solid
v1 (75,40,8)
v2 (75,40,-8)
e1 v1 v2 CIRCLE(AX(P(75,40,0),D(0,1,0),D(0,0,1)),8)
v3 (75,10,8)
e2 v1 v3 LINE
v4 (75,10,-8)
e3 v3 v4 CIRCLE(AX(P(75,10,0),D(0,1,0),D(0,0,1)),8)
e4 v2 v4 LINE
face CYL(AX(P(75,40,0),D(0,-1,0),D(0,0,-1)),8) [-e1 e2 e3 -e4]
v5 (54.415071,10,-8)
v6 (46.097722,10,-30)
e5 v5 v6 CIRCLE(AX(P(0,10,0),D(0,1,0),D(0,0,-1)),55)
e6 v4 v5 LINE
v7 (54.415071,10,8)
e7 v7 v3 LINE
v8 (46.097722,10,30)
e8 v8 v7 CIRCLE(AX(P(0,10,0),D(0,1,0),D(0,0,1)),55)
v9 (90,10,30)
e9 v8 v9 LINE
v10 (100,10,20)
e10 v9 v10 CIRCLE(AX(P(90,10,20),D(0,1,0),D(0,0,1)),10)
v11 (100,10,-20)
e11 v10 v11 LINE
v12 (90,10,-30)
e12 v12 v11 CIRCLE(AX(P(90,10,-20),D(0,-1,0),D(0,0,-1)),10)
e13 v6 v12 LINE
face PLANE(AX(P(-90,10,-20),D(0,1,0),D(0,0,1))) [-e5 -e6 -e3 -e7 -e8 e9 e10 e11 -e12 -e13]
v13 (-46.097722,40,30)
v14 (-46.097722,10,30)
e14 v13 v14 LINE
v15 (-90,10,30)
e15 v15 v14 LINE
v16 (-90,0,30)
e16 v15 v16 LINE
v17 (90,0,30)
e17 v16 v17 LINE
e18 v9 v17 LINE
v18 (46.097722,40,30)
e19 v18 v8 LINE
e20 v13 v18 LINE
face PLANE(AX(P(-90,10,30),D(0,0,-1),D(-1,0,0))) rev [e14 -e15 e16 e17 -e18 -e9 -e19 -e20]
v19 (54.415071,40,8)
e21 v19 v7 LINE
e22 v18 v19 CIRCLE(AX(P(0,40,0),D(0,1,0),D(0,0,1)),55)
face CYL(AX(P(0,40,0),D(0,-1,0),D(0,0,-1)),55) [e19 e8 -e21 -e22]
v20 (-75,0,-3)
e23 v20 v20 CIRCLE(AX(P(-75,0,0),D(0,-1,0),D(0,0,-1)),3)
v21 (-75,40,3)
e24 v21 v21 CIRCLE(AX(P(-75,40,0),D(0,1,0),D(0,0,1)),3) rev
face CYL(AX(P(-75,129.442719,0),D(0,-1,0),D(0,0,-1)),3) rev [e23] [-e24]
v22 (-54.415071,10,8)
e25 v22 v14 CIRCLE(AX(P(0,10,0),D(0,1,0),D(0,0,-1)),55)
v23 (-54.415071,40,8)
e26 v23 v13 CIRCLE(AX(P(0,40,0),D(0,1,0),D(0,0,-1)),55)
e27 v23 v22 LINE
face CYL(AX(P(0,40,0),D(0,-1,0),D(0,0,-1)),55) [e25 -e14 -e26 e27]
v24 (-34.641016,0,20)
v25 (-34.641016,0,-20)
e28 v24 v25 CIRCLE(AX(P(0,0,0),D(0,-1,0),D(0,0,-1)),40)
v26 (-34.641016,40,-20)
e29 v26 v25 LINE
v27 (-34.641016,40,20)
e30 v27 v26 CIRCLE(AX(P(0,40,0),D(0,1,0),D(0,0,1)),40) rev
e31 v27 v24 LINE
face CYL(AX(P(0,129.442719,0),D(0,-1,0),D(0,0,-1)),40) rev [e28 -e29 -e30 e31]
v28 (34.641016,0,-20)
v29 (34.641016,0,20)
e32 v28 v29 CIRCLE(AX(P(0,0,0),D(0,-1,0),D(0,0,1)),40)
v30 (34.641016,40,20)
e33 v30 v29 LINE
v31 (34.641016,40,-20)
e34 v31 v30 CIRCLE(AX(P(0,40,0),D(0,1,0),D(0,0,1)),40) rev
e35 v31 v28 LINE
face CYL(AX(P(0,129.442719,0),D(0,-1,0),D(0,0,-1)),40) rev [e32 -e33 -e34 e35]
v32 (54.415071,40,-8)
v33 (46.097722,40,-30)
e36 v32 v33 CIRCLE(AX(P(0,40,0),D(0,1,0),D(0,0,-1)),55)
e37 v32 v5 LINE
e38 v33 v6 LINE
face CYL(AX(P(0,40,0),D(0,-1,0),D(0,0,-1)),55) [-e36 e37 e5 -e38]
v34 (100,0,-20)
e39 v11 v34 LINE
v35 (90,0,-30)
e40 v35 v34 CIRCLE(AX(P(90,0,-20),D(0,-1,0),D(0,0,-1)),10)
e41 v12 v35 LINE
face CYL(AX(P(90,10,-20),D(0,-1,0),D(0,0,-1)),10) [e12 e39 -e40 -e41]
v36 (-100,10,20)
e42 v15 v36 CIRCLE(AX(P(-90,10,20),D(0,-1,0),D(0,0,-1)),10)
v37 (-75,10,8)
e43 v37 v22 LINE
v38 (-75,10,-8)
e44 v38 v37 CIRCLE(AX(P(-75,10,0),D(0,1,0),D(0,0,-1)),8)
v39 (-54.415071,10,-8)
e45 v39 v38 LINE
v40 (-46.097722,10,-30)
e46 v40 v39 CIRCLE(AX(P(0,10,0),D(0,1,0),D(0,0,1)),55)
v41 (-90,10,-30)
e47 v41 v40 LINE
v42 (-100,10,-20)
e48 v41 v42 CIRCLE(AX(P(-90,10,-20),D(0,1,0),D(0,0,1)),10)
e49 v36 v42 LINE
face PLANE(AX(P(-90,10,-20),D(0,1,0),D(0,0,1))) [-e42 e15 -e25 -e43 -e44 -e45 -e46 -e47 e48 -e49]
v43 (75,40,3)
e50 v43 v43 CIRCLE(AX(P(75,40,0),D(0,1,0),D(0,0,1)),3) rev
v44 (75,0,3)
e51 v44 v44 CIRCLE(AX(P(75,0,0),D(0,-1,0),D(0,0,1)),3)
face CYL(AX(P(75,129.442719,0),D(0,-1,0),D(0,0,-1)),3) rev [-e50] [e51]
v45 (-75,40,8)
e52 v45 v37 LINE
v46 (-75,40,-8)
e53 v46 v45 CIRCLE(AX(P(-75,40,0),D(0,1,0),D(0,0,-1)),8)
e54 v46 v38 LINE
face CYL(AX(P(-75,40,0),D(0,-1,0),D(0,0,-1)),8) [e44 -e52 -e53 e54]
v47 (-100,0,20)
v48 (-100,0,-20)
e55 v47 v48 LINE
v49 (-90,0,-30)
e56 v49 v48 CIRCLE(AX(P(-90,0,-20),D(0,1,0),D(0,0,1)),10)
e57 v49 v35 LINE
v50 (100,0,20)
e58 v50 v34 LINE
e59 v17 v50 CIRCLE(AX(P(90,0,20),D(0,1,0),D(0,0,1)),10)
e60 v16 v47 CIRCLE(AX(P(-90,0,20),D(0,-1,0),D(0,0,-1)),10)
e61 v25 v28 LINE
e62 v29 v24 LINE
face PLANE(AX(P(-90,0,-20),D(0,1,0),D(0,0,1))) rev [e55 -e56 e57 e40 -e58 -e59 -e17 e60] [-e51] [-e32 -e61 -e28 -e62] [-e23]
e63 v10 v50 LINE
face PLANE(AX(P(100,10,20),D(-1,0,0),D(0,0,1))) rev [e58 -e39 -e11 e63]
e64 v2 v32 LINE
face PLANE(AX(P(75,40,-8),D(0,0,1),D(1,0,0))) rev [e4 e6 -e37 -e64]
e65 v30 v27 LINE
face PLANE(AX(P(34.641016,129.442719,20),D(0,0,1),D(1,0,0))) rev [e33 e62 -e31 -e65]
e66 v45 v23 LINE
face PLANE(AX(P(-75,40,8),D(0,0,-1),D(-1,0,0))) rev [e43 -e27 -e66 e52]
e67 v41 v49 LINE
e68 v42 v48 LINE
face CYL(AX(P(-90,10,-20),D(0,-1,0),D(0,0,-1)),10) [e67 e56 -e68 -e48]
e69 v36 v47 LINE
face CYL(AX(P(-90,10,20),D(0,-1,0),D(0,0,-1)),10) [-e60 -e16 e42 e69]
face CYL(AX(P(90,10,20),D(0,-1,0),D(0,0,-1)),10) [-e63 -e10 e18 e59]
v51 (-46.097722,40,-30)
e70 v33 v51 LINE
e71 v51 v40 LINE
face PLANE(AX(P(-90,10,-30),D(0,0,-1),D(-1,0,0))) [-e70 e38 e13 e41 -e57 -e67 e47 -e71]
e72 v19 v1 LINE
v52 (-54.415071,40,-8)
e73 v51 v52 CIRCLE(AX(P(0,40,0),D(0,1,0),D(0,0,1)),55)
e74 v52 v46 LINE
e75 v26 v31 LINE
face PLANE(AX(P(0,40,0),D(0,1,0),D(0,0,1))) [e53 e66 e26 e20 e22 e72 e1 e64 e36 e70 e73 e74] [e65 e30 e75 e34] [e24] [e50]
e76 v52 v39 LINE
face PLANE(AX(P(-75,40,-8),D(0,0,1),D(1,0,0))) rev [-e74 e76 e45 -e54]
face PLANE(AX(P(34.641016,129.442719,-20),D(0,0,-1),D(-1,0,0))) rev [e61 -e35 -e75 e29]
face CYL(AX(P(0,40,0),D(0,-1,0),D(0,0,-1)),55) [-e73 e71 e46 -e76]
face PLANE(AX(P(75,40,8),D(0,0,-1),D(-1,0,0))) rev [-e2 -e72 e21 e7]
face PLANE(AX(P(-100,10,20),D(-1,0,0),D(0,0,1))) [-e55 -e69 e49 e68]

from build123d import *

# Parameters (mm, degrees)
EXTRUDE_2_DEPTH     = 10
EXTRUDE_3_DEPTH     = 30
SKETCH_7_R          = 3
CUT_EXTRUDE_3_DEPTH = 40


with BuildPart() as part:
    # 草图1 → 凸台-拉伸2 (new body)
    with BuildSketch(Plane(origin=(0, 0, 0), x_dir=(1, 0, 0), z_dir=(0, 1, 0))):
        with BuildLine():
            Line((100, -20), (100, 20))
            ThreePointArc((100, 20), (97.071067812, 27.071067812), (90, 30))
            Line((90, 30), (-90, 30))
            ThreePointArc((-90, 30), (-97.071067812, 27.071067812), (-100, 20))
            Line((-100, 20), (-100, -20))
            ThreePointArc((-100, -20), (-97.071067812, -27.071067812), (-90, -30))
            Line((-90, -30), (90, -30))
            ThreePointArc((90, -30), (97.071067812, -27.071067812), (100, -20))
        make_face()
    extrude(amount=EXTRUDE_2_DEPTH)

    # 草图5 → 凸台-拉伸3 (add)
    with BuildSketch(Plane(origin=(0, 10, 0), x_dir=(1, 0, 0), z_dir=(0, 1, 0))):
        with BuildLine():
            Line((-46.097722286, 30), (46.097722286, 30))
            ThreePointArc((46.097722286, 30), (51.446141019, 19.449796252), (54.415071442, 8))
            Line((54.415071442, 8), (75, 8))
            ThreePointArc((75, 8), (83, 0), (75, -8))
            Line((75, -8), (54.415071442, -8))
            ThreePointArc((54.415071442, -8), (51.446141019, -19.449796252), (46.097722286, -30))
            Line((46.097722286, -30), (-46.097722286, -30))
            ThreePointArc((-46.097722286, -30), (-51.446141019, -19.449796252), (-54.415071442, -8))
            Line((-54.415071442, -8), (-75, -8))
            ThreePointArc((-75, -8), (-83, 0), (-75, 8))
            Line((-75, 8), (-54.415071442, 8))
            ThreePointArc((-54.415071442, 8), (-51.446141019, 19.449796252), (-46.097722286, 30))
        make_face()
    extrude(amount=EXTRUDE_3_DEPTH)

    # 草图7 → 切除-拉伸3 (cut)
    with BuildSketch(Plane.XZ):
        with Locations(Location((-75, 0, 0), (0, 0, 270))):
            Circle(SKETCH_7_R)
        with Locations(Location((75, 0, 0), (0, 0, 90))):
            Circle(SKETCH_7_R)
        with BuildLine():
            Line((34.641016151, -20), (-34.641016151, -20))
            ThreePointArc((-34.641016151, -20), (-40, 0), (-34.641016151, 20))
            Line((-34.641016151, 20), (34.641016151, 20))
            ThreePointArc((34.641016151, 20), (40, 0), (34.641016151, -20))
        make_face()
    extrude(amount=-CUT_EXTRUDE_3_DEPTH, mode=Mode.SUBTRACT)


solid = part.part
